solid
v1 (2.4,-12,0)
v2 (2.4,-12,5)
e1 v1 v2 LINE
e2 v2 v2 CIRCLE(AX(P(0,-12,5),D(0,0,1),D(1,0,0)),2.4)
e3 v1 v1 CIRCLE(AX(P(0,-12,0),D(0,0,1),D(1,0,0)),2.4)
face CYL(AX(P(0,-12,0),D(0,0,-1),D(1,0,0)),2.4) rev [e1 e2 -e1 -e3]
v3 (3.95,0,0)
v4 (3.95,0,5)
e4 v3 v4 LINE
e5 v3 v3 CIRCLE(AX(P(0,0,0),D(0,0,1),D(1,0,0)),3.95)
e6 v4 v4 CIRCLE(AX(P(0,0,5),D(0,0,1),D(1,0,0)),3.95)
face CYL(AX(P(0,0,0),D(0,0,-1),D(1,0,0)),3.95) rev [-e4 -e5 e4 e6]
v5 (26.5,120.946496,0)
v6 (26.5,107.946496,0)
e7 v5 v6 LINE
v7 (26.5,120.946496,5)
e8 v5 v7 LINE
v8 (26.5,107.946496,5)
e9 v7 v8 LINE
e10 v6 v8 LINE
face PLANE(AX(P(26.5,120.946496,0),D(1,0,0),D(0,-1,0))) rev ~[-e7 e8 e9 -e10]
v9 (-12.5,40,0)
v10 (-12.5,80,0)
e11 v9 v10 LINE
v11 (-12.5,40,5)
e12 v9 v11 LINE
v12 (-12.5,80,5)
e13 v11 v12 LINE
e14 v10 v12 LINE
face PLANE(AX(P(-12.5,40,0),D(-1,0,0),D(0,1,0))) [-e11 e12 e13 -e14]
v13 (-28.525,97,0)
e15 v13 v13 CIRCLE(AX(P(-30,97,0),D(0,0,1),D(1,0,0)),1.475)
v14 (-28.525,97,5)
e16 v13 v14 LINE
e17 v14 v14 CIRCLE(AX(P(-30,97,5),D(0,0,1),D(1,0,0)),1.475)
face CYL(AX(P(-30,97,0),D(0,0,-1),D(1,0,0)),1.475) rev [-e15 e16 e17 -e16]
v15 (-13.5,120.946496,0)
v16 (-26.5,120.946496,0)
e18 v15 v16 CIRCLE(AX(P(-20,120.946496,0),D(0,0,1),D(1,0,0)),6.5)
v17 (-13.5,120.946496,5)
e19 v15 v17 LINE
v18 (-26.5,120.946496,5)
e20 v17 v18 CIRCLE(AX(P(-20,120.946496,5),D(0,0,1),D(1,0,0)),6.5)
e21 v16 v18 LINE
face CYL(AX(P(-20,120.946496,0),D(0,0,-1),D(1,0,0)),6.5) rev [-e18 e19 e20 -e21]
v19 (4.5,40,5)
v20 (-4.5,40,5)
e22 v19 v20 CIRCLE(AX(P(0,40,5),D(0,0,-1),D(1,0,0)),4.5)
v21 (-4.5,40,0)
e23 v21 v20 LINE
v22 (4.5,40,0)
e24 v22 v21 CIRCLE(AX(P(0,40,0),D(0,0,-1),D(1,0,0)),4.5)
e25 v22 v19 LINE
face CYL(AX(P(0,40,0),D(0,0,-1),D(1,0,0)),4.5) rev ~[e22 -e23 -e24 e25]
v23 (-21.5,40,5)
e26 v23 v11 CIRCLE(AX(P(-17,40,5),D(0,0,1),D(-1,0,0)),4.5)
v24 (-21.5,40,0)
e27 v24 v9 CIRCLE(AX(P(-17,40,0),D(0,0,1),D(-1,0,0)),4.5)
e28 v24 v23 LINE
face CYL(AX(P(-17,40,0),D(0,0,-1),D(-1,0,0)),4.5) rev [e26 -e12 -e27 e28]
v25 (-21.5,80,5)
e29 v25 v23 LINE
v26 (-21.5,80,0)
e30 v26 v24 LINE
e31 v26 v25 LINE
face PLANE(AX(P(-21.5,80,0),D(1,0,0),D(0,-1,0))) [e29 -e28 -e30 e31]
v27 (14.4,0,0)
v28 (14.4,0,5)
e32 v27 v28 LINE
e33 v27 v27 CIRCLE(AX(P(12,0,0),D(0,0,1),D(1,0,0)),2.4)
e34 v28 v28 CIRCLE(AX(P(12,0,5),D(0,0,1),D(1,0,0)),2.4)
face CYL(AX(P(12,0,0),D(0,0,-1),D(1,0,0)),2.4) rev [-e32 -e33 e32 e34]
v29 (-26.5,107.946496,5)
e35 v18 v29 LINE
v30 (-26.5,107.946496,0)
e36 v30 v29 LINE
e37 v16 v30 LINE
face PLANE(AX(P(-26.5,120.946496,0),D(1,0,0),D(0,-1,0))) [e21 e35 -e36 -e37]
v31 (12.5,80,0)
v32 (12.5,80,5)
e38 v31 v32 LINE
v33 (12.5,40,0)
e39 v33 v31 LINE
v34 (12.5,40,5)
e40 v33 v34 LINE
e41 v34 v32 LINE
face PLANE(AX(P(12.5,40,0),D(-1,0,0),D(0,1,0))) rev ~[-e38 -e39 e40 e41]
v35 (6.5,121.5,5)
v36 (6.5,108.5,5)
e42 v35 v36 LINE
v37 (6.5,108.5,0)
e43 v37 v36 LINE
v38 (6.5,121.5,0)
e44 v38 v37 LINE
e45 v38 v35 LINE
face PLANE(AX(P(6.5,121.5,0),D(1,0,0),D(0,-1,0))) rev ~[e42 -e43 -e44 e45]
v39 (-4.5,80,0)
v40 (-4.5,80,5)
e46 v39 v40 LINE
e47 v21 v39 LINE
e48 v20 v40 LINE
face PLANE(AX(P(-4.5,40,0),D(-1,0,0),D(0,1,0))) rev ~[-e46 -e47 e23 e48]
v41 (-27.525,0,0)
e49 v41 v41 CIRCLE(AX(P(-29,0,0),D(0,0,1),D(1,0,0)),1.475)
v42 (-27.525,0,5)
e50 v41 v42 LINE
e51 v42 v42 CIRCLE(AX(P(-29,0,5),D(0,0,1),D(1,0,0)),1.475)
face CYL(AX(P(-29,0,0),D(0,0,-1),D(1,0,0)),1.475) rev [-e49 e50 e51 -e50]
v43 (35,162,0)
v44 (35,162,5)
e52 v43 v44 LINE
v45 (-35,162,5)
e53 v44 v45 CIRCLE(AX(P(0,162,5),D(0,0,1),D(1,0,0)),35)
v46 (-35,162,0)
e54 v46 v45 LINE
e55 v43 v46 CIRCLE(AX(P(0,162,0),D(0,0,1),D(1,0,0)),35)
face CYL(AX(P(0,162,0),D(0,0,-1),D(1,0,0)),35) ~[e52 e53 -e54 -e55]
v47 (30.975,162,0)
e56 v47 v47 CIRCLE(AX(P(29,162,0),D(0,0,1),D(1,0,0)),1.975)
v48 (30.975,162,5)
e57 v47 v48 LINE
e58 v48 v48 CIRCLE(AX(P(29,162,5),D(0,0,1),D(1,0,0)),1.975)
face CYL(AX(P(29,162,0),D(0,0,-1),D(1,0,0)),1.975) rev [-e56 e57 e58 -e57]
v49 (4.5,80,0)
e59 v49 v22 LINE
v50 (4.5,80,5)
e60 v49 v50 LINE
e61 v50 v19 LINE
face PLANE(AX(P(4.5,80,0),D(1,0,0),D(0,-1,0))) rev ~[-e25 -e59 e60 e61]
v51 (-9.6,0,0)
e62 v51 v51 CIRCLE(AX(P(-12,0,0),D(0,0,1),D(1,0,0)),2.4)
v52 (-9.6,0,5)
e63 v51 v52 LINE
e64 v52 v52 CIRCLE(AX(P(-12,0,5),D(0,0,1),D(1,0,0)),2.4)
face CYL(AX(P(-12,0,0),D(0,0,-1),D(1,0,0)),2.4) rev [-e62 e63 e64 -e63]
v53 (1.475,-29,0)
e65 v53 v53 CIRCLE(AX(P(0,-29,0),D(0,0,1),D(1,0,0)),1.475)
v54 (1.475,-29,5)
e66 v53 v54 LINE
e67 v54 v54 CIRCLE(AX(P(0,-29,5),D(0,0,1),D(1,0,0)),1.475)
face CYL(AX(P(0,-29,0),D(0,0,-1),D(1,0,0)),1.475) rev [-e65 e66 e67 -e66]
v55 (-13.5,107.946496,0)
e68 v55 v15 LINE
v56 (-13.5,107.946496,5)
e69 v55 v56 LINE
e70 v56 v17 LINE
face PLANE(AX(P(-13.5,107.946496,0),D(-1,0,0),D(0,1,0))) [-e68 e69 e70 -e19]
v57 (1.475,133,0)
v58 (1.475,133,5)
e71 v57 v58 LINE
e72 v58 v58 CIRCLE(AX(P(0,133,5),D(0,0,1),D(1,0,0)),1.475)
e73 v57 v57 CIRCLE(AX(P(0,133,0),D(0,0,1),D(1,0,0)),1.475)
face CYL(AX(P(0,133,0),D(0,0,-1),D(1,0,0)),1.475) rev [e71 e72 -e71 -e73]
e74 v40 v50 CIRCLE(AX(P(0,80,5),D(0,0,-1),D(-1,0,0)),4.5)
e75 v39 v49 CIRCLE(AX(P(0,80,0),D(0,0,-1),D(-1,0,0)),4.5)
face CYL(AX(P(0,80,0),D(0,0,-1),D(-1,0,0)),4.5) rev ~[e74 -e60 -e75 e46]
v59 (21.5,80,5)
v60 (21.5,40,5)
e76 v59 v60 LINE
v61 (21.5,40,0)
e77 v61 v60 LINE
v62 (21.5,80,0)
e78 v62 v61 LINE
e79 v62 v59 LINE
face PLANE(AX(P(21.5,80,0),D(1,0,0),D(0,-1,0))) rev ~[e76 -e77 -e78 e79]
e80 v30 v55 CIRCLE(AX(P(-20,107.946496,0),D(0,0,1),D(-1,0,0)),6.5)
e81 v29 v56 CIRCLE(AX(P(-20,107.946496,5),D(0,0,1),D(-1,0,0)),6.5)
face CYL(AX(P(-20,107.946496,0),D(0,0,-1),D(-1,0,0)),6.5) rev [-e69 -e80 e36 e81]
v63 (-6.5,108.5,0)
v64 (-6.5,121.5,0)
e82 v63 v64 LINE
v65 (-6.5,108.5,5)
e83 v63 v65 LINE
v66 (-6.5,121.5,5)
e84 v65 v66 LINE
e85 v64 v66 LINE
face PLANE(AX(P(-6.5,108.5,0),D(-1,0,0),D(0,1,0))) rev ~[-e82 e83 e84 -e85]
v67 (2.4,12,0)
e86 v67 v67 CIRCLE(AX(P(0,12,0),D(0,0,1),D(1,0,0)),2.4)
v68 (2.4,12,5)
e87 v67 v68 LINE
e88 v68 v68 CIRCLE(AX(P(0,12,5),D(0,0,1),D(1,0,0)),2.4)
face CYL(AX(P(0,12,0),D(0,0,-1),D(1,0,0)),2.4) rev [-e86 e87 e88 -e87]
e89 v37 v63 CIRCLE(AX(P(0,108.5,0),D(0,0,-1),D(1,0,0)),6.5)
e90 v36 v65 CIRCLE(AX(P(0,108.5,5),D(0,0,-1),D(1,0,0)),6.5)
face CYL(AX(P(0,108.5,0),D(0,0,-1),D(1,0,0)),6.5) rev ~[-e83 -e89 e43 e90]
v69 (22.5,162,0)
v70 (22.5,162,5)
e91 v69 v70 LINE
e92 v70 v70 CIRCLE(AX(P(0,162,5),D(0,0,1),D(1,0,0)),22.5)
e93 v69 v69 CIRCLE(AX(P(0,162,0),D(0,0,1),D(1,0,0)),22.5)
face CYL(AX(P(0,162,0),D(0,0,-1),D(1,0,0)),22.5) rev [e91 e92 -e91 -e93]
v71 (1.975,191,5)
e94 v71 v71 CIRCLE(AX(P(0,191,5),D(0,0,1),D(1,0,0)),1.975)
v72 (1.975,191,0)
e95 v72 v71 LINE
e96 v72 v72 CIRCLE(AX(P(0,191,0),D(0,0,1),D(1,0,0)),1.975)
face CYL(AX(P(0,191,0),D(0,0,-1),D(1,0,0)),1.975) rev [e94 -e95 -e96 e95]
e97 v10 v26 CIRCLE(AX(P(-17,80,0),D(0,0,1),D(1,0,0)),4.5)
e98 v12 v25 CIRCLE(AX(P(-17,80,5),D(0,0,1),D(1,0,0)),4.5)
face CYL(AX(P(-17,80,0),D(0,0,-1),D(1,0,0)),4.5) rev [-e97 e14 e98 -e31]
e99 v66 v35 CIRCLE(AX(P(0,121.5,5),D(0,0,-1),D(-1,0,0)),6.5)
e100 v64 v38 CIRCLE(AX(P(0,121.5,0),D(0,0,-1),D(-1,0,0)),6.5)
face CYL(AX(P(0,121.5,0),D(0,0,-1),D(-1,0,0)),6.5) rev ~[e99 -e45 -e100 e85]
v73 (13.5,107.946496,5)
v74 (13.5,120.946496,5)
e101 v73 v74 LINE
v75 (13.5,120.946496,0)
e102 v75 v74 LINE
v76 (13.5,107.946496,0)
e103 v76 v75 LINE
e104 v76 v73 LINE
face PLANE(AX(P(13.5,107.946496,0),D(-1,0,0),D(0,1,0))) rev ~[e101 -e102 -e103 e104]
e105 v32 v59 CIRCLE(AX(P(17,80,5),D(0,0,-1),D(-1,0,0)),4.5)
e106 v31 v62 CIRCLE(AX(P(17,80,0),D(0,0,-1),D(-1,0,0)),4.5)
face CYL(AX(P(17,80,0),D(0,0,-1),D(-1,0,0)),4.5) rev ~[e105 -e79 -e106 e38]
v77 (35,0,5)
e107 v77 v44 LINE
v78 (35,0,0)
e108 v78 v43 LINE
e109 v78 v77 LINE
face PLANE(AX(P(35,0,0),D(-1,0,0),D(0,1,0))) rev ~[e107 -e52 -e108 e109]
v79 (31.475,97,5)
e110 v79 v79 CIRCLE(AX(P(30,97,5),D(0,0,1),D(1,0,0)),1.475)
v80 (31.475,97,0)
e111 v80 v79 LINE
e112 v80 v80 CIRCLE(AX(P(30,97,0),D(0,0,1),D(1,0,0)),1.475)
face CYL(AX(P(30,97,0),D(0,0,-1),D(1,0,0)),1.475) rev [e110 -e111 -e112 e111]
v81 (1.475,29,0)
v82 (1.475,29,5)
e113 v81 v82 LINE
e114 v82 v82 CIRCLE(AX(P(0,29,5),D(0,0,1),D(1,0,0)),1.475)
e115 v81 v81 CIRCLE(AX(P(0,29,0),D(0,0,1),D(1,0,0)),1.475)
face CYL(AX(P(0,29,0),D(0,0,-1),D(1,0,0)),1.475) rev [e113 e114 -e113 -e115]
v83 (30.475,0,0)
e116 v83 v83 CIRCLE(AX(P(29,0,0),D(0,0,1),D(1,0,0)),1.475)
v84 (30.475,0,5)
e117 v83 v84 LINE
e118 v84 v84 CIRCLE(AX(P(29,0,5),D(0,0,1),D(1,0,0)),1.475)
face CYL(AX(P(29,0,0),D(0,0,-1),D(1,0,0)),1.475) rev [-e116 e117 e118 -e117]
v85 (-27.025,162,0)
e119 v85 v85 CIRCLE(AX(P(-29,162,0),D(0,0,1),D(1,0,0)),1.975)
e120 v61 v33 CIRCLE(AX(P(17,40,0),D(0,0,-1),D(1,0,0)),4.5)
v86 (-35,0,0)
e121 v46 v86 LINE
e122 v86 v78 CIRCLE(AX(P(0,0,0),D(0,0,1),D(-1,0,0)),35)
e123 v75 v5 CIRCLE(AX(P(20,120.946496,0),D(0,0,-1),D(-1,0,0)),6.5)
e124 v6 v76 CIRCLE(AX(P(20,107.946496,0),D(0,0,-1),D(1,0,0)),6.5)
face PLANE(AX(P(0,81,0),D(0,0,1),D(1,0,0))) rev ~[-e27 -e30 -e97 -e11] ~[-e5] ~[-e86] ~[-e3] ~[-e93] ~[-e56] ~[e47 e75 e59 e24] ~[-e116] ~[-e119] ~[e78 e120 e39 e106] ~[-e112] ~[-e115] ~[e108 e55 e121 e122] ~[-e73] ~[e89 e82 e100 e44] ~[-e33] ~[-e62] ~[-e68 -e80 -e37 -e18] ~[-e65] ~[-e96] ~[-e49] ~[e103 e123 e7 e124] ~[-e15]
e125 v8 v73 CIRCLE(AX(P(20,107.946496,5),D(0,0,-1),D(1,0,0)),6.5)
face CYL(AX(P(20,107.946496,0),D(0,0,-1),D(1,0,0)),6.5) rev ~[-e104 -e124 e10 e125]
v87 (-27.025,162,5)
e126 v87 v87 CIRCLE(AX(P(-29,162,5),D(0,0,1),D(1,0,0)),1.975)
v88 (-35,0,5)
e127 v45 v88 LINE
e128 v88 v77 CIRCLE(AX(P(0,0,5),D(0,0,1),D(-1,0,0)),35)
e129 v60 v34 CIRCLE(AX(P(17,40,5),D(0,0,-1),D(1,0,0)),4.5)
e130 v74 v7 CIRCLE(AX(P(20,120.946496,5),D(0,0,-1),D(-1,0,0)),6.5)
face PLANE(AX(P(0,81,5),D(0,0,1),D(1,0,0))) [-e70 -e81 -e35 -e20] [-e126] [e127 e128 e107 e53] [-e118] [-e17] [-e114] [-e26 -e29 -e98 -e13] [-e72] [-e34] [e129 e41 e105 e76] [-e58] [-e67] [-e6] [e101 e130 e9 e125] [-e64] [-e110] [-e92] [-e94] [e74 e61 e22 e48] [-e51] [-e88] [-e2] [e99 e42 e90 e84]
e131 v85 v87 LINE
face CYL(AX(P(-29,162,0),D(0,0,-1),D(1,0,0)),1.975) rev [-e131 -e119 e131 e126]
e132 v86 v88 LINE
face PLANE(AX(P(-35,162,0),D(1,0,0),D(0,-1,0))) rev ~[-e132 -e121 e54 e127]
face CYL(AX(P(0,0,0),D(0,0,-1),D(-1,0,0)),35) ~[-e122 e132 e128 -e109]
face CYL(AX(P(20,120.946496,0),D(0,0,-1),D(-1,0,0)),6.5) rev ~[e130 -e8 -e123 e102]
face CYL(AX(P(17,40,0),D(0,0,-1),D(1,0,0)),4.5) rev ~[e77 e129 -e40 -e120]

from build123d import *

# Parameters (mm, degrees)
SKETCH1_R           = 3.95
SKETCH1_R_2         = 1.475
SKETCH1_R_3         = 22.5
SKETCH1_R_4         = 2.4
SKETCH1_R_5         = 1.975
BOSS_EXTRUDE1_DEPTH = 5


with BuildPart() as part:
    # Sketch1 → Boss-Extrude1 (new body)
    with BuildSketch(Plane.XY):
        with BuildLine():
            Line((35, 0), (35, 162))
            ThreePointArc((35, 162), (0, 197), (-35, 162))
            Line((-35, 162), (-35, 0))
            ThreePointArc((-35, 0), (0, -35), (35, 0))
        make_face()
        Circle(SKETCH1_R, mode=Mode.SUBTRACT)
        with Locations((0, 29)):
            Circle(SKETCH1_R_2, mode=Mode.SUBTRACT)
        with Locations((0, 162)):
            Circle(SKETCH1_R_3, mode=Mode.SUBTRACT)
        with Locations((0, 133)):
            Circle(SKETCH1_R_2, mode=Mode.SUBTRACT)
        with Locations((-30, 97)):
            Circle(SKETCH1_R_2, mode=Mode.SUBTRACT)
        with Locations((30, 97)):
            Circle(SKETCH1_R_2, mode=Mode.SUBTRACT)
        with Locations((29, 0)):
            Circle(SKETCH1_R_2, mode=Mode.SUBTRACT)
        with Locations((0, -29)):
            Circle(SKETCH1_R_2, mode=Mode.SUBTRACT)
        with Locations((-29, 0)):
            Circle(SKETCH1_R_2, mode=Mode.SUBTRACT)
        with Locations((0, 12)):
            Circle(SKETCH1_R_4, mode=Mode.SUBTRACT)
        with Locations((12, 0)):
            Circle(SKETCH1_R_4, mode=Mode.SUBTRACT)
        with Locations((0, -12)):
            Circle(SKETCH1_R_4, mode=Mode.SUBTRACT)
        with Locations((-12, 0)):
            Circle(SKETCH1_R_4, mode=Mode.SUBTRACT)
        with Locations((0, 191)):
            Circle(SKETCH1_R_5, mode=Mode.SUBTRACT)
        with Locations((29, 162)):
            Circle(SKETCH1_R_5, mode=Mode.SUBTRACT)
        with Locations((-29, 162)):
            Circle(SKETCH1_R_5, mode=Mode.SUBTRACT)
        with BuildLine():
            Line((4.5, 80), (4.5, 40))
            ThreePointArc((4.5, 40), (0, 35.5), (-4.5, 40))
            Line((-4.5, 40), (-4.5, 80))
            ThreePointArc((-4.5, 80), (0, 84.5), (4.5, 80))
        make_face(mode=Mode.SUBTRACT)
        with BuildLine():
            Line((21.5, 80), (21.5, 40))
            ThreePointArc((21.5, 40), (17, 35.5), (12.5, 40))
            Line((12.5, 40), (12.5, 80))
            ThreePointArc((12.5, 80), (17, 84.5), (21.5, 80))
        make_face(mode=Mode.SUBTRACT)
        with BuildLine():
            Line((-21.5, 80), (-21.5, 40))
            ThreePointArc((-21.5, 40), (-17, 35.5), (-12.5, 40))
            Line((-12.5, 40), (-12.5, 80))
            ThreePointArc((-12.5, 80), (-17, 84.5), (-21.5, 80))
        make_face(mode=Mode.SUBTRACT)
        with BuildLine():
            Line((6.5, 121.5), (6.5, 108.5))
            ThreePointArc((6.5, 108.5), (0, 102), (-6.5, 108.5))
            Line((-6.5, 108.5), (-6.5, 121.5))
            ThreePointArc((-6.5, 121.5), (0, 128), (6.5, 121.5))
        make_face(mode=Mode.SUBTRACT)
        with BuildLine():
            Line((26.5, 120.946496324), (26.5, 107.946496324))
            ThreePointArc((26.5, 107.946496324), (20, 101.446496324), (13.5, 107.946496324))
            Line((13.5, 107.946496324), (13.5, 120.946496324))
            ThreePointArc((13.5, 120.946496324), (20, 127.446496324), (26.5, 120.946496324))
        make_face(mode=Mode.SUBTRACT)
        with BuildLine():
            Line((-26.5, 120.946496324), (-26.5, 107.946496324))
            ThreePointArc((-26.5, 107.946496324), (-20, 101.446496324), (-13.5, 107.946496324))
            Line((-13.5, 107.946496324), (-13.5, 120.946496324))
            ThreePointArc((-13.5, 120.946496324), (-20, 127.446496324), (-26.5, 120.946496324))
        make_face(mode=Mode.SUBTRACT)
    extrude(amount=BOSS_EXTRUDE1_DEPTH)


solid = part.part
